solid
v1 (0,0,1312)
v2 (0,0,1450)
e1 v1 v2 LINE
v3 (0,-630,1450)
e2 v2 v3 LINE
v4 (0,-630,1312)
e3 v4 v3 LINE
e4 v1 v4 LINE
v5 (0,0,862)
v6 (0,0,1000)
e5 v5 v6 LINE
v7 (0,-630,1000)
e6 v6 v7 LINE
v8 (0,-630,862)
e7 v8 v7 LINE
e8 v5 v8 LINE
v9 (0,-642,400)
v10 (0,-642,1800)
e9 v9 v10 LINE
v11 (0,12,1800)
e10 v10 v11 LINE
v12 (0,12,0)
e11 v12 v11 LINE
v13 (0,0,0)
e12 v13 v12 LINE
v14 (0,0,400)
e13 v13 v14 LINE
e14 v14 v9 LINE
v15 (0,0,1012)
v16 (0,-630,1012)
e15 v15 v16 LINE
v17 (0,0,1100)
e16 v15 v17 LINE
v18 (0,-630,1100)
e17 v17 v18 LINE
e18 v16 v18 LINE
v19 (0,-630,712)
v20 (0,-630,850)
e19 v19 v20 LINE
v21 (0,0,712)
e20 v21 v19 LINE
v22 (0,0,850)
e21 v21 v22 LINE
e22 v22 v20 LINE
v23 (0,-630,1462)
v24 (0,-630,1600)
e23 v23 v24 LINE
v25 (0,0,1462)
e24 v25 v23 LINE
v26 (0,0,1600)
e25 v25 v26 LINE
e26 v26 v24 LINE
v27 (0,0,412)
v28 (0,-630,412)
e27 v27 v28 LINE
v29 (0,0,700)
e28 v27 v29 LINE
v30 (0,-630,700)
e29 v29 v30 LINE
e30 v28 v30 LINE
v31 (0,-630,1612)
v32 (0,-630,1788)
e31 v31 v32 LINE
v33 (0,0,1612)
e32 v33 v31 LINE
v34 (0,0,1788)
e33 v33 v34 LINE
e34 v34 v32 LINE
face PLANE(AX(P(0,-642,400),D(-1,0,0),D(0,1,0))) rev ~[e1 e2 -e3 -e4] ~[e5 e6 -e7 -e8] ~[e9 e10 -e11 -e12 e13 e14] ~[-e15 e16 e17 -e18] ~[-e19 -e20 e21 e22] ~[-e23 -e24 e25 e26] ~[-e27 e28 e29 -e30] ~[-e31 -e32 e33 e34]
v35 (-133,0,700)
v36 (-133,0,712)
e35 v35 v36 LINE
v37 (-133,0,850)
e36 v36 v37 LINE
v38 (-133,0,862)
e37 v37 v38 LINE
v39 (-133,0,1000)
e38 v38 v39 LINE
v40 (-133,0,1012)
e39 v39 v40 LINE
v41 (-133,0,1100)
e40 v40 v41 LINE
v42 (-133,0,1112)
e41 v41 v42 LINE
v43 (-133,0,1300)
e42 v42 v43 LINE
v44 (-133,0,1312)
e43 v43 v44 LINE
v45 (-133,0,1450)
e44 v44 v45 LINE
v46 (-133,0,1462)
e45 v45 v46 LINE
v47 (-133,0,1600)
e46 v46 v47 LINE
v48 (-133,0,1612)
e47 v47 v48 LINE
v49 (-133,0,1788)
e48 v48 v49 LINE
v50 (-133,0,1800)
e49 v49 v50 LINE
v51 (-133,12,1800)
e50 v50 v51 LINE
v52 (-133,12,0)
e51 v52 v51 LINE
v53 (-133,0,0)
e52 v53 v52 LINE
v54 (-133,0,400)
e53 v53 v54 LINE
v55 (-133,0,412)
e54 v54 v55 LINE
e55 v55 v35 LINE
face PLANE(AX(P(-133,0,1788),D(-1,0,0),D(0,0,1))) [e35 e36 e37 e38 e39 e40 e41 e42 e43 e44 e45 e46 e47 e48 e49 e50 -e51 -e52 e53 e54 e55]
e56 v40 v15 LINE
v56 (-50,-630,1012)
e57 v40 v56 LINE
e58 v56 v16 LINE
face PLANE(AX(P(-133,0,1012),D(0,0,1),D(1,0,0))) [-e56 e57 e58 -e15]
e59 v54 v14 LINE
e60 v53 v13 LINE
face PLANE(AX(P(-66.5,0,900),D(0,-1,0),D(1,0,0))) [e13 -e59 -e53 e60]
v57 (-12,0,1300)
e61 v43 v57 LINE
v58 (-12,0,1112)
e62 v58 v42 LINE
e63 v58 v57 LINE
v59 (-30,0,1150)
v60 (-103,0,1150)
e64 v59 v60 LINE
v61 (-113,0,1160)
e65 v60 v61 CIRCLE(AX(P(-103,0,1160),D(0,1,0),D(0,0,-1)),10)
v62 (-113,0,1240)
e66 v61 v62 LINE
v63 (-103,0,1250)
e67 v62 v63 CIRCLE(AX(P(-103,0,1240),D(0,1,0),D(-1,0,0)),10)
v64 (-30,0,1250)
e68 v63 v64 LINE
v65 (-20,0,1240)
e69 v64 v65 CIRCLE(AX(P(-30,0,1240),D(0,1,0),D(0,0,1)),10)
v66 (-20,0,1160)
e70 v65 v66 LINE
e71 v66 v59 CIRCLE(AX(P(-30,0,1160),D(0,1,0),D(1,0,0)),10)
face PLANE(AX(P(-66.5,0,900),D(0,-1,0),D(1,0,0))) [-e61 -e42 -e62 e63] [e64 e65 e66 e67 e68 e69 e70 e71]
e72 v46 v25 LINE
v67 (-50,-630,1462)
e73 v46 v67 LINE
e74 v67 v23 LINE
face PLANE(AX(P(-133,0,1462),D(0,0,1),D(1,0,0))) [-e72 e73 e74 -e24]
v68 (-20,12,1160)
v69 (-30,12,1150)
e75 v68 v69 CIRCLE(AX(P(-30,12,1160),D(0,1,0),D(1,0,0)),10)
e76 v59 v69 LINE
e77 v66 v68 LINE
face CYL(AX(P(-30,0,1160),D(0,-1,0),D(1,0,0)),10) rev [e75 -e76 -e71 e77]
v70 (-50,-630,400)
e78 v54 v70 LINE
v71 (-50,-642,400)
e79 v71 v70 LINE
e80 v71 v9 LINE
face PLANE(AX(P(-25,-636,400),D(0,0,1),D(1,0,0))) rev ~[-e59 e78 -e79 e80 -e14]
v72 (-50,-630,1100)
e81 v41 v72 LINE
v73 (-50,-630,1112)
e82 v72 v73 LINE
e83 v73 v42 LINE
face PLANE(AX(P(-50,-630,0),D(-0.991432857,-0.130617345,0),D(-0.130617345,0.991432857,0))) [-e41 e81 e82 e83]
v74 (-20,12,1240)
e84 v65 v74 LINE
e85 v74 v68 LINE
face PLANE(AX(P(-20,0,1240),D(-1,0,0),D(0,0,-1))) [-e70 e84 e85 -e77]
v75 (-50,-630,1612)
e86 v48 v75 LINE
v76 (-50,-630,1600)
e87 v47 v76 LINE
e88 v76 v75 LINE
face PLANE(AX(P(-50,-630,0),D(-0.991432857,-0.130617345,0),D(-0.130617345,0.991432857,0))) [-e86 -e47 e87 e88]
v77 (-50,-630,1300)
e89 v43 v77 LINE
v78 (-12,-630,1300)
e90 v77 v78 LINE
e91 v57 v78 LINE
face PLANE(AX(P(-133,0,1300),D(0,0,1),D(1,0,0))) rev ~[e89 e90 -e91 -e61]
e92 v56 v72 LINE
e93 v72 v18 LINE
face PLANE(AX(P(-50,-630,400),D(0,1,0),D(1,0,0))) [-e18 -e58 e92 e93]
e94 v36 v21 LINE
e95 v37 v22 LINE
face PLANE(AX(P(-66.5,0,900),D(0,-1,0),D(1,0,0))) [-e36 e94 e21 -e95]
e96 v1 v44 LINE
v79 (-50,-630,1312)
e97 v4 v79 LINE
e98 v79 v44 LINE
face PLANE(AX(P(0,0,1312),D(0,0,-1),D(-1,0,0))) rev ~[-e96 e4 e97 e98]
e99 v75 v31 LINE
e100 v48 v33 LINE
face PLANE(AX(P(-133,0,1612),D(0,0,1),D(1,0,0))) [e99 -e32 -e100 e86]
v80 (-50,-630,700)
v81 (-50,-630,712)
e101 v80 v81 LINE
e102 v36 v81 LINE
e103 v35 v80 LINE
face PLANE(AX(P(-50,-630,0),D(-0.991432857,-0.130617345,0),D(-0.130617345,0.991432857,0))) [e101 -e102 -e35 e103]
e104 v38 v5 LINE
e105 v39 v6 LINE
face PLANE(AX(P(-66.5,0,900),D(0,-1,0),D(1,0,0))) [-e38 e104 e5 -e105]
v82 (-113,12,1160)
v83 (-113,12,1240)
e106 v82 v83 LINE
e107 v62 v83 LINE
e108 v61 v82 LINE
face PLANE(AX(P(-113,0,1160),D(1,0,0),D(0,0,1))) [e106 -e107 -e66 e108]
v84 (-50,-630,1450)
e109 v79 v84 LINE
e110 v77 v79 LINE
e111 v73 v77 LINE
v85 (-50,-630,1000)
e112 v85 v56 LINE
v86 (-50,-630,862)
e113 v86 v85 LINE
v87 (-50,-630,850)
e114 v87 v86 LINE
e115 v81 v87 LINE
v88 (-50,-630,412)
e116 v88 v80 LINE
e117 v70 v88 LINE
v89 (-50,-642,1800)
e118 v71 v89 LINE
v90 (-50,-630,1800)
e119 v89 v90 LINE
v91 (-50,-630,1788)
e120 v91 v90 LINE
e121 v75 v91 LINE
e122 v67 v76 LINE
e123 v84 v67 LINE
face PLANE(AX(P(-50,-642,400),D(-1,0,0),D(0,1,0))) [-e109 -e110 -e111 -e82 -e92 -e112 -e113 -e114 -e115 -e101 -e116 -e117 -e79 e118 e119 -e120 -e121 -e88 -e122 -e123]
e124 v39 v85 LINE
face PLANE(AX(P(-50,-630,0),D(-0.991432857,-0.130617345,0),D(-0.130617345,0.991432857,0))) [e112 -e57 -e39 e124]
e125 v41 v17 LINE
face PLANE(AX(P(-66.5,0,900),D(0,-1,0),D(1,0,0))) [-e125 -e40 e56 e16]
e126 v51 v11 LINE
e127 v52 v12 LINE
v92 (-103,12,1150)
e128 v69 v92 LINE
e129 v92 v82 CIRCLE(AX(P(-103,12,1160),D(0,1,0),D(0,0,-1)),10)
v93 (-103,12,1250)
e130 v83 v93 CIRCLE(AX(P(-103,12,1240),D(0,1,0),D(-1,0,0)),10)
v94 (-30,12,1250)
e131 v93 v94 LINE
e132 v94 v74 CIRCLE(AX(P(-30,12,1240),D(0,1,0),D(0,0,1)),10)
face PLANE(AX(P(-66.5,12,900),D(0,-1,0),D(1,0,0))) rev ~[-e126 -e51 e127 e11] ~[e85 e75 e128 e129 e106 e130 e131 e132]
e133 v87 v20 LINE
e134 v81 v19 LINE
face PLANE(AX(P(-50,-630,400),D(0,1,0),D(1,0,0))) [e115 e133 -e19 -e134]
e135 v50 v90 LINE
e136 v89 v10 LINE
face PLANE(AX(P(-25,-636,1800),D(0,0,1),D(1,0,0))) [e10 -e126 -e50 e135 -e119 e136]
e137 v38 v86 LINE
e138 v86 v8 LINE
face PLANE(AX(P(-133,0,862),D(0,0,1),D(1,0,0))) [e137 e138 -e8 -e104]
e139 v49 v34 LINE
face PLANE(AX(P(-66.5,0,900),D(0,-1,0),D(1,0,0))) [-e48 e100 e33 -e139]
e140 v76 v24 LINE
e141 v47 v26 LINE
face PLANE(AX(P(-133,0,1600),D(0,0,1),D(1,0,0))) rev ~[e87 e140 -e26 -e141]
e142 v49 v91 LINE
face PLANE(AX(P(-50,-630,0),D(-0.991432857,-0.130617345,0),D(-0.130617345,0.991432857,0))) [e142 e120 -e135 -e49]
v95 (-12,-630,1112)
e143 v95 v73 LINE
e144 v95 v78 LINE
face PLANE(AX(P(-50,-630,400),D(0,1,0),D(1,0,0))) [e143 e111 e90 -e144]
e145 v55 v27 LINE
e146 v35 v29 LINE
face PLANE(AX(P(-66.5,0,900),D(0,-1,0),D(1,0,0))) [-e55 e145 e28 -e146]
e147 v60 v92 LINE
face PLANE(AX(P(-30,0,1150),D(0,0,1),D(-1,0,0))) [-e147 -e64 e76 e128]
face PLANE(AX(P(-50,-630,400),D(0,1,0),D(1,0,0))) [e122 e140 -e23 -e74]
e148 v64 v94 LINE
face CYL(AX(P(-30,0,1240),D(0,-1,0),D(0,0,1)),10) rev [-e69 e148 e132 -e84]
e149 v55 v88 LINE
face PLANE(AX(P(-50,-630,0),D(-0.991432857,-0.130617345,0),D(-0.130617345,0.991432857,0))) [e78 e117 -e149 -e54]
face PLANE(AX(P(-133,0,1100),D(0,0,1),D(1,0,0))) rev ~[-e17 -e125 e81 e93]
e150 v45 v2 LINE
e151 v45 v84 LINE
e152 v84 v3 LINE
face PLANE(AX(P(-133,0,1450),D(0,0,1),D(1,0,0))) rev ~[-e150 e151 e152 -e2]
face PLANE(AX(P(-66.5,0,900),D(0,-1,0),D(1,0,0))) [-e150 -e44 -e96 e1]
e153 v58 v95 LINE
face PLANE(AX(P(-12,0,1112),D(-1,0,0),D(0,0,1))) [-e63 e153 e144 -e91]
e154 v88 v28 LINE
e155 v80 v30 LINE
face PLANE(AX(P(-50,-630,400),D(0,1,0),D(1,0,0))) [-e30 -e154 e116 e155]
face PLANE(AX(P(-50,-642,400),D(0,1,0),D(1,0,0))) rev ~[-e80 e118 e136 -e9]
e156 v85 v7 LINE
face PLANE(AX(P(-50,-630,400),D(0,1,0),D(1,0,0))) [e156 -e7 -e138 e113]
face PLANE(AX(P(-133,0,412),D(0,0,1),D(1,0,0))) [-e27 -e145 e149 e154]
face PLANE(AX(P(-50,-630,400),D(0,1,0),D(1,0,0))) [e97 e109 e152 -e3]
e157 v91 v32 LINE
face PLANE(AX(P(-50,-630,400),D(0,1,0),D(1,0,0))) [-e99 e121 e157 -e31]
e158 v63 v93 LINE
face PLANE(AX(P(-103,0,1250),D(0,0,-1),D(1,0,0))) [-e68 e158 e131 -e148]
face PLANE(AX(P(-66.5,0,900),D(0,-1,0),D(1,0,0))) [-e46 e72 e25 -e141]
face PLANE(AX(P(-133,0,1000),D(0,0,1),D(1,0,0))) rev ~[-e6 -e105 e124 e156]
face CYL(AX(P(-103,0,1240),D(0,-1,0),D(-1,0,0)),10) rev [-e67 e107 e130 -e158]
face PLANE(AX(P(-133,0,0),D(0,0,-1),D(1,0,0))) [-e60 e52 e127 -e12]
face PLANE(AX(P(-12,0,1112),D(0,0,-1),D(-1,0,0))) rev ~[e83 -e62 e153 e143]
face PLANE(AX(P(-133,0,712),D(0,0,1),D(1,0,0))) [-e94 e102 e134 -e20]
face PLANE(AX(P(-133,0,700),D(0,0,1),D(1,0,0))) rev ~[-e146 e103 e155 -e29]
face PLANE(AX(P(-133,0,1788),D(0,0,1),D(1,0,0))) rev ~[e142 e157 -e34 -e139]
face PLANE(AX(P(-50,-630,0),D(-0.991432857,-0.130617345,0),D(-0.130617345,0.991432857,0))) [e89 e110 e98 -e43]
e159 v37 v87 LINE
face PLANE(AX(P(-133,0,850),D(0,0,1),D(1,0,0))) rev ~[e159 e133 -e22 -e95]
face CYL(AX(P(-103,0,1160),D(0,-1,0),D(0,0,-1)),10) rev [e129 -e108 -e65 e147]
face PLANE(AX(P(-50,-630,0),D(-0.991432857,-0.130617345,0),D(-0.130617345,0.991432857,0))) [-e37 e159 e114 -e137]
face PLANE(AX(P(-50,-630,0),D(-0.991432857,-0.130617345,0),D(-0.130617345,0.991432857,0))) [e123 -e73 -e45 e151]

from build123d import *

# Parameters (mm, degrees)
F0_W     = 133
F0_H     = 1800
F2_DEPTH = 12
F3_W     = 133
F3_H     = 12
F3_W_2   = 12
F3_H_2   = 188
F4_DEPTH = 630
F5_DEPTH = 1800.001
F6_START = 400
F1_W     = 50
F1_H     = 12
F6_DEPTH = 1400


with BuildPart() as f2:
    # F0 (on Front) → F2 (new body)
    with BuildSketch(Plane.XZ):
        with Locations((-66.5, 900)):
            Rectangle(F0_W, F0_H)
        with BuildLine():
            Line((-30, 1150), (-103, 1150))
            ThreePointArc((-103, 1150), (-110.0710678119, 1152.9289321881), (-113, 1160))
            Line((-113, 1160), (-113, 1240))
            ThreePointArc((-113, 1240), (-110.0710678119, 1247.0710678119), (-103, 1250))
            Line((-103, 1250), (-30, 1250))
            ThreePointArc((-30, 1250), (-22.9289321881, 1247.0710678119), (-20, 1240))
            Line((-20, 1240), (-20, 1160))
            ThreePointArc((-20, 1160), (-22.9289321881, 1152.9289321881), (-30, 1150))
        make_face(mode=Mode.SUBTRACT)
    extrude(amount=-F2_DEPTH)

    # F3 (on face) → F4 (join)
    with BuildSketch(Plane.XZ):
        with Locations((-66.5, 406)):
            Rectangle(F3_W, F3_H)
        with Locations((-66.5, 856)):
            Rectangle(F3_W, F3_H)
        with Locations((-66.5, 706)):
            Rectangle(F3_W, F3_H)
        with Locations((-66.5, 1006)):
            Rectangle(F3_W, F3_H)
        with Locations((-6, 1206)):
            Rectangle(F3_W_2, F3_H_2)
        Polygon((-12, 1300), (0, 1300), (0, 1312), (-133, 1312), (-133, 1300), align=None)
        Polygon((0, 1100), (0, 1112), (-12, 1112), (-133, 1112), (-133, 1100), align=None)
        with Locations((-66.5, 1456)):
            Rectangle(F3_W, F3_H)
        with Locations((-66.5, 1606)):
            Rectangle(F3_W, F3_H)
        with Locations((-66.5, 1794)):
            Rectangle(F3_W, F3_H)
    extrude(amount=F4_DEPTH)

    # F1 (on Top) → F5 (cut, through all)
    with BuildSketch(Plane.XY):
        Polygon((-50, -630), (-133, 0), (-133, -630), align=None)
    extrude(amount=F5_DEPTH, mode=Mode.SUBTRACT)

    # F1 (on Top) → F6 (join)
    with BuildSketch(Plane.XY.offset(F6_START)):
        with Locations((-25, -636)):
            Rectangle(F1_W, F1_H)
    extrude(amount=F6_DEPTH)


with BuildPart() as f7_1:
    # F7: copy of F2
    add(f2.part)


solid = f2.part
